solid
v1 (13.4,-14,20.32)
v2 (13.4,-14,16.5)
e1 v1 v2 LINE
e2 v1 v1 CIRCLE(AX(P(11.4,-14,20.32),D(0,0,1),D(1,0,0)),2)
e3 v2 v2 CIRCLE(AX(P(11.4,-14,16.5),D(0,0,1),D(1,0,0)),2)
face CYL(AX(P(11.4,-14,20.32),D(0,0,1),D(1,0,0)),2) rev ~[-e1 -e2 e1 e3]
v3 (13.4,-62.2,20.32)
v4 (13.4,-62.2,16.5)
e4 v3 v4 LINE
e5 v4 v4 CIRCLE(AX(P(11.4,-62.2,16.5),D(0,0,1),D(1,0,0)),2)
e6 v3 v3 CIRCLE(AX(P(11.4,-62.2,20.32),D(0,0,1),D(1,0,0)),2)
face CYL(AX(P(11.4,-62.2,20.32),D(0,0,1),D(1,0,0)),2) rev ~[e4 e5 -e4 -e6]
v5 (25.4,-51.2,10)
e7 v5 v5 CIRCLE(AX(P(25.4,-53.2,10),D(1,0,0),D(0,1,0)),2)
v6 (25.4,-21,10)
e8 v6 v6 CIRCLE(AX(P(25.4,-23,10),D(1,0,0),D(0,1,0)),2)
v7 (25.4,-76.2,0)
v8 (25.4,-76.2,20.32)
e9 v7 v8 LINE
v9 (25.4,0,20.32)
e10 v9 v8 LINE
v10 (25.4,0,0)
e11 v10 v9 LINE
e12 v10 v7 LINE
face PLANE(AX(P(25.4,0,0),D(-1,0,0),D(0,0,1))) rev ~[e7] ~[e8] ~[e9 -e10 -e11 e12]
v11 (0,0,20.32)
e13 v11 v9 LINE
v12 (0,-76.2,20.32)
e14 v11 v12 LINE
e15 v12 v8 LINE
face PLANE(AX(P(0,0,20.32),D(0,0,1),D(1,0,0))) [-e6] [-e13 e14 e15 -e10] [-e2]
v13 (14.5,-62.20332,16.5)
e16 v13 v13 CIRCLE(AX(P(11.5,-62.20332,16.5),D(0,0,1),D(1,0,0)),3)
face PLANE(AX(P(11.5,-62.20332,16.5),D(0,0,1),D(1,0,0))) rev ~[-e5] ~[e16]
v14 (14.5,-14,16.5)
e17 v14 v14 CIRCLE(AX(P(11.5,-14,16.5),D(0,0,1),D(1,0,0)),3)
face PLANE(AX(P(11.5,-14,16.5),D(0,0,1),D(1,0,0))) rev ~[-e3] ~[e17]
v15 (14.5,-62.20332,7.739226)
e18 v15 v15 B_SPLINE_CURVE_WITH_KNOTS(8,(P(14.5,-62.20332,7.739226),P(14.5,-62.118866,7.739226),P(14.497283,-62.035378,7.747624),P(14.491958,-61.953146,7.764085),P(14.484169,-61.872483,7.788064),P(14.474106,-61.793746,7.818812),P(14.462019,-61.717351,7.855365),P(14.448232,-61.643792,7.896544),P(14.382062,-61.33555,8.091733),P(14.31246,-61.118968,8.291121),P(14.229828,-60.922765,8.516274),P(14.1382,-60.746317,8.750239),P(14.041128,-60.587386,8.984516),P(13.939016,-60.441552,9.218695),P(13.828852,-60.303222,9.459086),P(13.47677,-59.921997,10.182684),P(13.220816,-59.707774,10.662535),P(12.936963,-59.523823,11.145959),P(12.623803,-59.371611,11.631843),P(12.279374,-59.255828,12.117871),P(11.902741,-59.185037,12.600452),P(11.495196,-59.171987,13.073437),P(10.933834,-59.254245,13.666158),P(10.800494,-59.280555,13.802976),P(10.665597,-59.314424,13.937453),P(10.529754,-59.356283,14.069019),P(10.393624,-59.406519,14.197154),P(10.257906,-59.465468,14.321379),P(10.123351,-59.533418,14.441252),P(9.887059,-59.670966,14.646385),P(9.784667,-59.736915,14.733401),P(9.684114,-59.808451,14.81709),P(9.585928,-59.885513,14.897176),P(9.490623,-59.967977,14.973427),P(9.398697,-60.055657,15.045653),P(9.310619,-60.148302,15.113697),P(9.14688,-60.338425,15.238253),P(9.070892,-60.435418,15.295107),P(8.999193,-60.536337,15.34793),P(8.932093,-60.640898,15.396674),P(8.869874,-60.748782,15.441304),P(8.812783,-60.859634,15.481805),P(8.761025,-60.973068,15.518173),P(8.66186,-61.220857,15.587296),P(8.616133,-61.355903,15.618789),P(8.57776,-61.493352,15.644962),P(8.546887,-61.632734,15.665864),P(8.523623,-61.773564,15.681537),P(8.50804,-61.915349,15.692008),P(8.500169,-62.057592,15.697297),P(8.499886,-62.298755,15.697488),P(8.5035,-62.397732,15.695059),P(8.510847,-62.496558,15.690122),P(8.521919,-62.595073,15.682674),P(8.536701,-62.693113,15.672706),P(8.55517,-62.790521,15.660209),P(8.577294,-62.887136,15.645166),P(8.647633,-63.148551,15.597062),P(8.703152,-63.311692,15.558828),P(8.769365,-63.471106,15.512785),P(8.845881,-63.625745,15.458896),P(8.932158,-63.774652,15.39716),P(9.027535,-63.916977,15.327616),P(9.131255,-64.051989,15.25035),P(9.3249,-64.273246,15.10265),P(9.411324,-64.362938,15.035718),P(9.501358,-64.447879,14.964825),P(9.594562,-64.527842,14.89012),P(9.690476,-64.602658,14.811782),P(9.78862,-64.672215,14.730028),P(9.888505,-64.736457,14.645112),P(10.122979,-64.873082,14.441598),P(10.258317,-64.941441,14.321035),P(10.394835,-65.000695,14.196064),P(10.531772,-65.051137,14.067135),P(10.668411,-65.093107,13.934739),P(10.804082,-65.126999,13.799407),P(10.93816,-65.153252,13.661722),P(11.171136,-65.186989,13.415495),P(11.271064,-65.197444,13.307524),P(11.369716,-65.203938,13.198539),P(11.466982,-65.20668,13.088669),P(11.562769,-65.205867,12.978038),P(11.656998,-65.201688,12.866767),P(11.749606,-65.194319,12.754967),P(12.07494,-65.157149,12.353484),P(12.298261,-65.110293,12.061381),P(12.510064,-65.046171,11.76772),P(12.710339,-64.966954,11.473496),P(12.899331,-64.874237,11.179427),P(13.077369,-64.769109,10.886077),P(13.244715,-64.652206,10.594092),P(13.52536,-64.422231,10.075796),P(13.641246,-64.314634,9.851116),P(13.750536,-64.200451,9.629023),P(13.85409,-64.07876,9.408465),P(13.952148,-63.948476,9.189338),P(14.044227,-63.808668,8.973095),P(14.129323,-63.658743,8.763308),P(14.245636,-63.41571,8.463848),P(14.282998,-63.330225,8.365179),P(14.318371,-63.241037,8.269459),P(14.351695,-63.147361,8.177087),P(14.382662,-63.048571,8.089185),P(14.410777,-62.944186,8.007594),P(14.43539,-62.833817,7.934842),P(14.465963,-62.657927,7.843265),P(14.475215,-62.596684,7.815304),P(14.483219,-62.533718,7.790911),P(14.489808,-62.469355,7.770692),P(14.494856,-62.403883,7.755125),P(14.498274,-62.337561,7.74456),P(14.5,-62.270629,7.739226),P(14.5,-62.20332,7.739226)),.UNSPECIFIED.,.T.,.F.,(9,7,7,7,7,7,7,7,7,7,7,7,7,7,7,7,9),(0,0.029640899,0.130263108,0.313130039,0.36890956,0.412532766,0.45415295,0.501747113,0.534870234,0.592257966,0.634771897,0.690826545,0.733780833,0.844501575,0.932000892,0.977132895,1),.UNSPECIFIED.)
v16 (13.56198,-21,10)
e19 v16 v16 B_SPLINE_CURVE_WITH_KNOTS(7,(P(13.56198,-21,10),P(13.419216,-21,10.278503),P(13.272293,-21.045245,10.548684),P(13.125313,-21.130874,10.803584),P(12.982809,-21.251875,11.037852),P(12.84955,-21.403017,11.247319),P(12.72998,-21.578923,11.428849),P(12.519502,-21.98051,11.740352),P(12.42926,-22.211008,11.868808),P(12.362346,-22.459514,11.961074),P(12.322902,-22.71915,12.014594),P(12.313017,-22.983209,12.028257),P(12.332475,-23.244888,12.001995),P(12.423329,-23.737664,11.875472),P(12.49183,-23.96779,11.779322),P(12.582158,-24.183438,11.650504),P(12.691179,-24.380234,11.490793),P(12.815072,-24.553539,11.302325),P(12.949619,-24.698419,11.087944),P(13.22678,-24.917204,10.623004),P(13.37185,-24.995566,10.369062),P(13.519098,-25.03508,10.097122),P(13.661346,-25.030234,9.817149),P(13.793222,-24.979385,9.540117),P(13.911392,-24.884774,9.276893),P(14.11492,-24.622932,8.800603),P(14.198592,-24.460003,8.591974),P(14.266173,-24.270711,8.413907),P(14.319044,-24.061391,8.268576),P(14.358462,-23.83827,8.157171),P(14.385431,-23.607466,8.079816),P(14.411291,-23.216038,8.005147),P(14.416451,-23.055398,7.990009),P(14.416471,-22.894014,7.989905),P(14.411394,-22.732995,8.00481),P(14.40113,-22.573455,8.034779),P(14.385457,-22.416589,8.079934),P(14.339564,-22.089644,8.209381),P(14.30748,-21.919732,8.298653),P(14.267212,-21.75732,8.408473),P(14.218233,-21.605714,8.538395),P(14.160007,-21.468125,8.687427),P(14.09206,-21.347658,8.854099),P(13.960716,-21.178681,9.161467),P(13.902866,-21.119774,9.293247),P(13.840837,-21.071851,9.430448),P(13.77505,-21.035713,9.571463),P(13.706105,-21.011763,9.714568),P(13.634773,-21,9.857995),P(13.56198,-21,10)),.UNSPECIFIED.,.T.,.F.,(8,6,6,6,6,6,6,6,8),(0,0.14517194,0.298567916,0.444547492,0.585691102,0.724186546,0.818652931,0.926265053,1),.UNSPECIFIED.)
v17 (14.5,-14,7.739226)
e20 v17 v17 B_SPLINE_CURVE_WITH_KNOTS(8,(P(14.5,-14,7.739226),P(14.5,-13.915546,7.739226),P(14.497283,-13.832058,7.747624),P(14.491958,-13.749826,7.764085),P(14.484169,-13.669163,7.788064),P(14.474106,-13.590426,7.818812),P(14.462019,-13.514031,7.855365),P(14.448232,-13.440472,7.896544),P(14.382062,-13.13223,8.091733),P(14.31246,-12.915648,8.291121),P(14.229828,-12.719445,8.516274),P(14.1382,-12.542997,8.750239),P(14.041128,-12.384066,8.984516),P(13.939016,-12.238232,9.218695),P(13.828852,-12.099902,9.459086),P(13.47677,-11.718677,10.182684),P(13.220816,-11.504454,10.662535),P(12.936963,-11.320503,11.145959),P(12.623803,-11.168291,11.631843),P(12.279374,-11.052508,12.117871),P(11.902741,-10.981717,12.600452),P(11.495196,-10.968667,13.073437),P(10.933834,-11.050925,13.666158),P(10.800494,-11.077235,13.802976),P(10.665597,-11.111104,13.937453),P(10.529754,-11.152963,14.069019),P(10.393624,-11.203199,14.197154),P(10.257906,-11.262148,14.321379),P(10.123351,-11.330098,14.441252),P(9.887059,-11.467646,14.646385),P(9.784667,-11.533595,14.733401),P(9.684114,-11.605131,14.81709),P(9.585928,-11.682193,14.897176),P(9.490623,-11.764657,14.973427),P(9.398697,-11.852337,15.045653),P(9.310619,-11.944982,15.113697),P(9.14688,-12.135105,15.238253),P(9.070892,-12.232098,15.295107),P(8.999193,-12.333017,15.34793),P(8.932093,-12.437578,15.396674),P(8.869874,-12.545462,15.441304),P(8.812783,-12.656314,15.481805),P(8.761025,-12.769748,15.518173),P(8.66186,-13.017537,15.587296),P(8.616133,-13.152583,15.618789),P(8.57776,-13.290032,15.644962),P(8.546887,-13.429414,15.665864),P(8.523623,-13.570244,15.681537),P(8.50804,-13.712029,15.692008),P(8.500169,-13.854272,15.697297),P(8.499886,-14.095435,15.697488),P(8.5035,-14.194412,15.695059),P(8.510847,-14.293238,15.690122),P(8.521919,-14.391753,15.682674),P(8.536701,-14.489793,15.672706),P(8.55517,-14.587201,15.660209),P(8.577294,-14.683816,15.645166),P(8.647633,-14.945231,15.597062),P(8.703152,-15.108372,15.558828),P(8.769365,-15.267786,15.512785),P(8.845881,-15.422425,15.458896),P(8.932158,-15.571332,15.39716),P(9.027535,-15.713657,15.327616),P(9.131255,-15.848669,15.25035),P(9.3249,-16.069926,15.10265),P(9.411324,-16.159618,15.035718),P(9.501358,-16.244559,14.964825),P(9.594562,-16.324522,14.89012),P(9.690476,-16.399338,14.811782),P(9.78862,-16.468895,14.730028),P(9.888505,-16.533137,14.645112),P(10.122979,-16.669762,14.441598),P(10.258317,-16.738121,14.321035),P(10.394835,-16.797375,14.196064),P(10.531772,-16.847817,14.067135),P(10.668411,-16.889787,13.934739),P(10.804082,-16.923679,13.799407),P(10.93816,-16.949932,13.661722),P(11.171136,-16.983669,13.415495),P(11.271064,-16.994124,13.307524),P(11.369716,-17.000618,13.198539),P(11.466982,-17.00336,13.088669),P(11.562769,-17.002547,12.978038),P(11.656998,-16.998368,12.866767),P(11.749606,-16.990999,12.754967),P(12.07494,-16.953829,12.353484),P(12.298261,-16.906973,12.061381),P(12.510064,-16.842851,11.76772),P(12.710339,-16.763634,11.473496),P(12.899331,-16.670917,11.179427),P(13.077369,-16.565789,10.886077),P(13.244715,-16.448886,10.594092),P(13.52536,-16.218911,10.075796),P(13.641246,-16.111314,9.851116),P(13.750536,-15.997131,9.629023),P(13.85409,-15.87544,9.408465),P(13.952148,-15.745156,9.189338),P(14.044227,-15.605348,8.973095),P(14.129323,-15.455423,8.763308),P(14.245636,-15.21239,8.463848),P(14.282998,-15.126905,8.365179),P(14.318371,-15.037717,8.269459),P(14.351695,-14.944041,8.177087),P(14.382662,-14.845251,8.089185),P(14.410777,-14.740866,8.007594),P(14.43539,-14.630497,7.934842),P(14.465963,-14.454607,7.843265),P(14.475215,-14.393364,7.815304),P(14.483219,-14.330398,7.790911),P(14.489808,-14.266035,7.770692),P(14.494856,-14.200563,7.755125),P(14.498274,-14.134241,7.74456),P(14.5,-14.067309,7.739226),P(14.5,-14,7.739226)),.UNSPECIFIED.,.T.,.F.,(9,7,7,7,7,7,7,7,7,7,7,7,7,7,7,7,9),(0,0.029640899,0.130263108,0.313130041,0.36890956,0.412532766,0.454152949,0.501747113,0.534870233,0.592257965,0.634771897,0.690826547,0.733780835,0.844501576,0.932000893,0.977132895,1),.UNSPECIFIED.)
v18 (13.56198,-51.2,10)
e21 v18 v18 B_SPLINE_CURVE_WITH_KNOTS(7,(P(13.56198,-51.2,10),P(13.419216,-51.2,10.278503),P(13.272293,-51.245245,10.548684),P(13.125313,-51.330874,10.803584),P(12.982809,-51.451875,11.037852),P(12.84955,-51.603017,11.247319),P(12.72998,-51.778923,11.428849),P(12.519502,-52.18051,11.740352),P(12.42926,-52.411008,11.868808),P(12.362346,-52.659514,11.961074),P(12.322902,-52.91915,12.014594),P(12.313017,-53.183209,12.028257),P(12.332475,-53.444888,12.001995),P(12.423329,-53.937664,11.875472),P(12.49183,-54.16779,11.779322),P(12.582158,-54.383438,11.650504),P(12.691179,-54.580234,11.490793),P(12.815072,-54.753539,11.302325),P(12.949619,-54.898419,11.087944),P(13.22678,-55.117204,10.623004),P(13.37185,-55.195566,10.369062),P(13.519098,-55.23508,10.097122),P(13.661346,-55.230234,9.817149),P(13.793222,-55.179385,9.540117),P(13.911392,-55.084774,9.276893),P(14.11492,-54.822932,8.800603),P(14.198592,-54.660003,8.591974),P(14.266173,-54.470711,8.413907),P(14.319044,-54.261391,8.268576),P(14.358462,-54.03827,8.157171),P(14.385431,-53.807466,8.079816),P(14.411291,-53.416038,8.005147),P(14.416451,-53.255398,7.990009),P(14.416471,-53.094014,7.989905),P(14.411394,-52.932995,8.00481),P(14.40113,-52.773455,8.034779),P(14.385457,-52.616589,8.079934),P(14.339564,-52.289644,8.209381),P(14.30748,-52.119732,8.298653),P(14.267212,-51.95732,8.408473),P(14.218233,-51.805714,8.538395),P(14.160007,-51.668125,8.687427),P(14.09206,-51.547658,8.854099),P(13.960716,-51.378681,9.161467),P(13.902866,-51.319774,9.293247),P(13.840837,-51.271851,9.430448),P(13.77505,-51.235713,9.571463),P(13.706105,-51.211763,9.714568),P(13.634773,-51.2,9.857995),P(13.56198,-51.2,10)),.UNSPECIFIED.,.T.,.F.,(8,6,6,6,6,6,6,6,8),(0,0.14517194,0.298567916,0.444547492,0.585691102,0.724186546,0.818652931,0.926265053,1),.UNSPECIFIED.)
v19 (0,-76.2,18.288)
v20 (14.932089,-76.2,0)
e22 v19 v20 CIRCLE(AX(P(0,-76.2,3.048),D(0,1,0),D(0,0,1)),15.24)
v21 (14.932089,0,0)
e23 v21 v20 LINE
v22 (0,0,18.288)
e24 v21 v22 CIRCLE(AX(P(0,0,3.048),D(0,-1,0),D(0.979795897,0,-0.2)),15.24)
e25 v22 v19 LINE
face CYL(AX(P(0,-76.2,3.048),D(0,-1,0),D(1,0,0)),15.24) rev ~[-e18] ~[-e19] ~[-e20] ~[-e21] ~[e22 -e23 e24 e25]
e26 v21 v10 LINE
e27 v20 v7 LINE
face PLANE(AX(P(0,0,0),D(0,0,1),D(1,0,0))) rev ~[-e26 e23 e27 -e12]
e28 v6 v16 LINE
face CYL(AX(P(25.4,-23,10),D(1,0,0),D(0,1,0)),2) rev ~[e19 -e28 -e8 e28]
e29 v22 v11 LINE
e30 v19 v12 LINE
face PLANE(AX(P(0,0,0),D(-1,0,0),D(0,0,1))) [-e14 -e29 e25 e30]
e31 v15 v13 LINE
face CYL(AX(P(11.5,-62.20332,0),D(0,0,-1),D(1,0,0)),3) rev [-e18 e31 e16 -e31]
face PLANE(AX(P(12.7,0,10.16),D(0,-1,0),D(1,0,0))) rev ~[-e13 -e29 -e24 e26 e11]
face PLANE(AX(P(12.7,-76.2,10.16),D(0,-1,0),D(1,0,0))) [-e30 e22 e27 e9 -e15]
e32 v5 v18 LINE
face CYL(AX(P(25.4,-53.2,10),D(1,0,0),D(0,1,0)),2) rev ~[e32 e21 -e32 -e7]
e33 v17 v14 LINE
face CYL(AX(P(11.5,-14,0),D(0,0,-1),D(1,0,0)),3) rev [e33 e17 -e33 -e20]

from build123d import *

# Parameters (mm, degrees)
F0_W     = 25.4
F0_H     = 20.32
F1_DEPTH = 76.2
F2_R     = 15.24
F3_DEPTH = 76.2
F4_R     = 2
F5_DEPTH = 25
F6_R     = 3
F7_DEPTH = 16.5
F8_R     = 2
F9_DEPTH = 25


with BuildPart() as f1:
    # F0 (on Front) → F1 (new body)
    with BuildSketch(Plane.XZ):
        with Locations((12.7, 10.16)):
            Rectangle(F0_W, F0_H)
    extrude(amount=F1_DEPTH)

    # F2 (on face) → F3 (cut)
    with BuildSketch(Plane.XZ.offset(76.2)):
        with Locations((0, 3.048)):
            Circle(F2_R)
    extrude(amount=-F3_DEPTH, mode=Mode.SUBTRACT)

    # F4 (on face) → F5 (cut)
    with BuildSketch(Plane.XY.offset(20.32)):
        with Locations((11.4, -14)):
            Circle(F4_R)
        with Locations((11.4, -62.2)):
            Circle(F4_R)
    extrude(amount=-F5_DEPTH, mode=Mode.SUBTRACT)

    # F6 (on Top) → F7 (cut)
    with BuildSketch(Plane.XY):
        with Locations((11.5, -14)):
            Circle(F6_R)
        with Locations((11.5, -62.20332)):
            Circle(F6_R)
    extrude(amount=F7_DEPTH, mode=Mode.SUBTRACT)

    # F8 (on face) → F9 (cut)
    with BuildSketch(Plane.YZ.offset(25.4)):
        with Locations((-23, 10)):
            Circle(F8_R)
        with Locations((-53.2, 10)):
            Circle(F8_R)
    extrude(amount=-F9_DEPTH, mode=Mode.SUBTRACT)


solid = f1.part
